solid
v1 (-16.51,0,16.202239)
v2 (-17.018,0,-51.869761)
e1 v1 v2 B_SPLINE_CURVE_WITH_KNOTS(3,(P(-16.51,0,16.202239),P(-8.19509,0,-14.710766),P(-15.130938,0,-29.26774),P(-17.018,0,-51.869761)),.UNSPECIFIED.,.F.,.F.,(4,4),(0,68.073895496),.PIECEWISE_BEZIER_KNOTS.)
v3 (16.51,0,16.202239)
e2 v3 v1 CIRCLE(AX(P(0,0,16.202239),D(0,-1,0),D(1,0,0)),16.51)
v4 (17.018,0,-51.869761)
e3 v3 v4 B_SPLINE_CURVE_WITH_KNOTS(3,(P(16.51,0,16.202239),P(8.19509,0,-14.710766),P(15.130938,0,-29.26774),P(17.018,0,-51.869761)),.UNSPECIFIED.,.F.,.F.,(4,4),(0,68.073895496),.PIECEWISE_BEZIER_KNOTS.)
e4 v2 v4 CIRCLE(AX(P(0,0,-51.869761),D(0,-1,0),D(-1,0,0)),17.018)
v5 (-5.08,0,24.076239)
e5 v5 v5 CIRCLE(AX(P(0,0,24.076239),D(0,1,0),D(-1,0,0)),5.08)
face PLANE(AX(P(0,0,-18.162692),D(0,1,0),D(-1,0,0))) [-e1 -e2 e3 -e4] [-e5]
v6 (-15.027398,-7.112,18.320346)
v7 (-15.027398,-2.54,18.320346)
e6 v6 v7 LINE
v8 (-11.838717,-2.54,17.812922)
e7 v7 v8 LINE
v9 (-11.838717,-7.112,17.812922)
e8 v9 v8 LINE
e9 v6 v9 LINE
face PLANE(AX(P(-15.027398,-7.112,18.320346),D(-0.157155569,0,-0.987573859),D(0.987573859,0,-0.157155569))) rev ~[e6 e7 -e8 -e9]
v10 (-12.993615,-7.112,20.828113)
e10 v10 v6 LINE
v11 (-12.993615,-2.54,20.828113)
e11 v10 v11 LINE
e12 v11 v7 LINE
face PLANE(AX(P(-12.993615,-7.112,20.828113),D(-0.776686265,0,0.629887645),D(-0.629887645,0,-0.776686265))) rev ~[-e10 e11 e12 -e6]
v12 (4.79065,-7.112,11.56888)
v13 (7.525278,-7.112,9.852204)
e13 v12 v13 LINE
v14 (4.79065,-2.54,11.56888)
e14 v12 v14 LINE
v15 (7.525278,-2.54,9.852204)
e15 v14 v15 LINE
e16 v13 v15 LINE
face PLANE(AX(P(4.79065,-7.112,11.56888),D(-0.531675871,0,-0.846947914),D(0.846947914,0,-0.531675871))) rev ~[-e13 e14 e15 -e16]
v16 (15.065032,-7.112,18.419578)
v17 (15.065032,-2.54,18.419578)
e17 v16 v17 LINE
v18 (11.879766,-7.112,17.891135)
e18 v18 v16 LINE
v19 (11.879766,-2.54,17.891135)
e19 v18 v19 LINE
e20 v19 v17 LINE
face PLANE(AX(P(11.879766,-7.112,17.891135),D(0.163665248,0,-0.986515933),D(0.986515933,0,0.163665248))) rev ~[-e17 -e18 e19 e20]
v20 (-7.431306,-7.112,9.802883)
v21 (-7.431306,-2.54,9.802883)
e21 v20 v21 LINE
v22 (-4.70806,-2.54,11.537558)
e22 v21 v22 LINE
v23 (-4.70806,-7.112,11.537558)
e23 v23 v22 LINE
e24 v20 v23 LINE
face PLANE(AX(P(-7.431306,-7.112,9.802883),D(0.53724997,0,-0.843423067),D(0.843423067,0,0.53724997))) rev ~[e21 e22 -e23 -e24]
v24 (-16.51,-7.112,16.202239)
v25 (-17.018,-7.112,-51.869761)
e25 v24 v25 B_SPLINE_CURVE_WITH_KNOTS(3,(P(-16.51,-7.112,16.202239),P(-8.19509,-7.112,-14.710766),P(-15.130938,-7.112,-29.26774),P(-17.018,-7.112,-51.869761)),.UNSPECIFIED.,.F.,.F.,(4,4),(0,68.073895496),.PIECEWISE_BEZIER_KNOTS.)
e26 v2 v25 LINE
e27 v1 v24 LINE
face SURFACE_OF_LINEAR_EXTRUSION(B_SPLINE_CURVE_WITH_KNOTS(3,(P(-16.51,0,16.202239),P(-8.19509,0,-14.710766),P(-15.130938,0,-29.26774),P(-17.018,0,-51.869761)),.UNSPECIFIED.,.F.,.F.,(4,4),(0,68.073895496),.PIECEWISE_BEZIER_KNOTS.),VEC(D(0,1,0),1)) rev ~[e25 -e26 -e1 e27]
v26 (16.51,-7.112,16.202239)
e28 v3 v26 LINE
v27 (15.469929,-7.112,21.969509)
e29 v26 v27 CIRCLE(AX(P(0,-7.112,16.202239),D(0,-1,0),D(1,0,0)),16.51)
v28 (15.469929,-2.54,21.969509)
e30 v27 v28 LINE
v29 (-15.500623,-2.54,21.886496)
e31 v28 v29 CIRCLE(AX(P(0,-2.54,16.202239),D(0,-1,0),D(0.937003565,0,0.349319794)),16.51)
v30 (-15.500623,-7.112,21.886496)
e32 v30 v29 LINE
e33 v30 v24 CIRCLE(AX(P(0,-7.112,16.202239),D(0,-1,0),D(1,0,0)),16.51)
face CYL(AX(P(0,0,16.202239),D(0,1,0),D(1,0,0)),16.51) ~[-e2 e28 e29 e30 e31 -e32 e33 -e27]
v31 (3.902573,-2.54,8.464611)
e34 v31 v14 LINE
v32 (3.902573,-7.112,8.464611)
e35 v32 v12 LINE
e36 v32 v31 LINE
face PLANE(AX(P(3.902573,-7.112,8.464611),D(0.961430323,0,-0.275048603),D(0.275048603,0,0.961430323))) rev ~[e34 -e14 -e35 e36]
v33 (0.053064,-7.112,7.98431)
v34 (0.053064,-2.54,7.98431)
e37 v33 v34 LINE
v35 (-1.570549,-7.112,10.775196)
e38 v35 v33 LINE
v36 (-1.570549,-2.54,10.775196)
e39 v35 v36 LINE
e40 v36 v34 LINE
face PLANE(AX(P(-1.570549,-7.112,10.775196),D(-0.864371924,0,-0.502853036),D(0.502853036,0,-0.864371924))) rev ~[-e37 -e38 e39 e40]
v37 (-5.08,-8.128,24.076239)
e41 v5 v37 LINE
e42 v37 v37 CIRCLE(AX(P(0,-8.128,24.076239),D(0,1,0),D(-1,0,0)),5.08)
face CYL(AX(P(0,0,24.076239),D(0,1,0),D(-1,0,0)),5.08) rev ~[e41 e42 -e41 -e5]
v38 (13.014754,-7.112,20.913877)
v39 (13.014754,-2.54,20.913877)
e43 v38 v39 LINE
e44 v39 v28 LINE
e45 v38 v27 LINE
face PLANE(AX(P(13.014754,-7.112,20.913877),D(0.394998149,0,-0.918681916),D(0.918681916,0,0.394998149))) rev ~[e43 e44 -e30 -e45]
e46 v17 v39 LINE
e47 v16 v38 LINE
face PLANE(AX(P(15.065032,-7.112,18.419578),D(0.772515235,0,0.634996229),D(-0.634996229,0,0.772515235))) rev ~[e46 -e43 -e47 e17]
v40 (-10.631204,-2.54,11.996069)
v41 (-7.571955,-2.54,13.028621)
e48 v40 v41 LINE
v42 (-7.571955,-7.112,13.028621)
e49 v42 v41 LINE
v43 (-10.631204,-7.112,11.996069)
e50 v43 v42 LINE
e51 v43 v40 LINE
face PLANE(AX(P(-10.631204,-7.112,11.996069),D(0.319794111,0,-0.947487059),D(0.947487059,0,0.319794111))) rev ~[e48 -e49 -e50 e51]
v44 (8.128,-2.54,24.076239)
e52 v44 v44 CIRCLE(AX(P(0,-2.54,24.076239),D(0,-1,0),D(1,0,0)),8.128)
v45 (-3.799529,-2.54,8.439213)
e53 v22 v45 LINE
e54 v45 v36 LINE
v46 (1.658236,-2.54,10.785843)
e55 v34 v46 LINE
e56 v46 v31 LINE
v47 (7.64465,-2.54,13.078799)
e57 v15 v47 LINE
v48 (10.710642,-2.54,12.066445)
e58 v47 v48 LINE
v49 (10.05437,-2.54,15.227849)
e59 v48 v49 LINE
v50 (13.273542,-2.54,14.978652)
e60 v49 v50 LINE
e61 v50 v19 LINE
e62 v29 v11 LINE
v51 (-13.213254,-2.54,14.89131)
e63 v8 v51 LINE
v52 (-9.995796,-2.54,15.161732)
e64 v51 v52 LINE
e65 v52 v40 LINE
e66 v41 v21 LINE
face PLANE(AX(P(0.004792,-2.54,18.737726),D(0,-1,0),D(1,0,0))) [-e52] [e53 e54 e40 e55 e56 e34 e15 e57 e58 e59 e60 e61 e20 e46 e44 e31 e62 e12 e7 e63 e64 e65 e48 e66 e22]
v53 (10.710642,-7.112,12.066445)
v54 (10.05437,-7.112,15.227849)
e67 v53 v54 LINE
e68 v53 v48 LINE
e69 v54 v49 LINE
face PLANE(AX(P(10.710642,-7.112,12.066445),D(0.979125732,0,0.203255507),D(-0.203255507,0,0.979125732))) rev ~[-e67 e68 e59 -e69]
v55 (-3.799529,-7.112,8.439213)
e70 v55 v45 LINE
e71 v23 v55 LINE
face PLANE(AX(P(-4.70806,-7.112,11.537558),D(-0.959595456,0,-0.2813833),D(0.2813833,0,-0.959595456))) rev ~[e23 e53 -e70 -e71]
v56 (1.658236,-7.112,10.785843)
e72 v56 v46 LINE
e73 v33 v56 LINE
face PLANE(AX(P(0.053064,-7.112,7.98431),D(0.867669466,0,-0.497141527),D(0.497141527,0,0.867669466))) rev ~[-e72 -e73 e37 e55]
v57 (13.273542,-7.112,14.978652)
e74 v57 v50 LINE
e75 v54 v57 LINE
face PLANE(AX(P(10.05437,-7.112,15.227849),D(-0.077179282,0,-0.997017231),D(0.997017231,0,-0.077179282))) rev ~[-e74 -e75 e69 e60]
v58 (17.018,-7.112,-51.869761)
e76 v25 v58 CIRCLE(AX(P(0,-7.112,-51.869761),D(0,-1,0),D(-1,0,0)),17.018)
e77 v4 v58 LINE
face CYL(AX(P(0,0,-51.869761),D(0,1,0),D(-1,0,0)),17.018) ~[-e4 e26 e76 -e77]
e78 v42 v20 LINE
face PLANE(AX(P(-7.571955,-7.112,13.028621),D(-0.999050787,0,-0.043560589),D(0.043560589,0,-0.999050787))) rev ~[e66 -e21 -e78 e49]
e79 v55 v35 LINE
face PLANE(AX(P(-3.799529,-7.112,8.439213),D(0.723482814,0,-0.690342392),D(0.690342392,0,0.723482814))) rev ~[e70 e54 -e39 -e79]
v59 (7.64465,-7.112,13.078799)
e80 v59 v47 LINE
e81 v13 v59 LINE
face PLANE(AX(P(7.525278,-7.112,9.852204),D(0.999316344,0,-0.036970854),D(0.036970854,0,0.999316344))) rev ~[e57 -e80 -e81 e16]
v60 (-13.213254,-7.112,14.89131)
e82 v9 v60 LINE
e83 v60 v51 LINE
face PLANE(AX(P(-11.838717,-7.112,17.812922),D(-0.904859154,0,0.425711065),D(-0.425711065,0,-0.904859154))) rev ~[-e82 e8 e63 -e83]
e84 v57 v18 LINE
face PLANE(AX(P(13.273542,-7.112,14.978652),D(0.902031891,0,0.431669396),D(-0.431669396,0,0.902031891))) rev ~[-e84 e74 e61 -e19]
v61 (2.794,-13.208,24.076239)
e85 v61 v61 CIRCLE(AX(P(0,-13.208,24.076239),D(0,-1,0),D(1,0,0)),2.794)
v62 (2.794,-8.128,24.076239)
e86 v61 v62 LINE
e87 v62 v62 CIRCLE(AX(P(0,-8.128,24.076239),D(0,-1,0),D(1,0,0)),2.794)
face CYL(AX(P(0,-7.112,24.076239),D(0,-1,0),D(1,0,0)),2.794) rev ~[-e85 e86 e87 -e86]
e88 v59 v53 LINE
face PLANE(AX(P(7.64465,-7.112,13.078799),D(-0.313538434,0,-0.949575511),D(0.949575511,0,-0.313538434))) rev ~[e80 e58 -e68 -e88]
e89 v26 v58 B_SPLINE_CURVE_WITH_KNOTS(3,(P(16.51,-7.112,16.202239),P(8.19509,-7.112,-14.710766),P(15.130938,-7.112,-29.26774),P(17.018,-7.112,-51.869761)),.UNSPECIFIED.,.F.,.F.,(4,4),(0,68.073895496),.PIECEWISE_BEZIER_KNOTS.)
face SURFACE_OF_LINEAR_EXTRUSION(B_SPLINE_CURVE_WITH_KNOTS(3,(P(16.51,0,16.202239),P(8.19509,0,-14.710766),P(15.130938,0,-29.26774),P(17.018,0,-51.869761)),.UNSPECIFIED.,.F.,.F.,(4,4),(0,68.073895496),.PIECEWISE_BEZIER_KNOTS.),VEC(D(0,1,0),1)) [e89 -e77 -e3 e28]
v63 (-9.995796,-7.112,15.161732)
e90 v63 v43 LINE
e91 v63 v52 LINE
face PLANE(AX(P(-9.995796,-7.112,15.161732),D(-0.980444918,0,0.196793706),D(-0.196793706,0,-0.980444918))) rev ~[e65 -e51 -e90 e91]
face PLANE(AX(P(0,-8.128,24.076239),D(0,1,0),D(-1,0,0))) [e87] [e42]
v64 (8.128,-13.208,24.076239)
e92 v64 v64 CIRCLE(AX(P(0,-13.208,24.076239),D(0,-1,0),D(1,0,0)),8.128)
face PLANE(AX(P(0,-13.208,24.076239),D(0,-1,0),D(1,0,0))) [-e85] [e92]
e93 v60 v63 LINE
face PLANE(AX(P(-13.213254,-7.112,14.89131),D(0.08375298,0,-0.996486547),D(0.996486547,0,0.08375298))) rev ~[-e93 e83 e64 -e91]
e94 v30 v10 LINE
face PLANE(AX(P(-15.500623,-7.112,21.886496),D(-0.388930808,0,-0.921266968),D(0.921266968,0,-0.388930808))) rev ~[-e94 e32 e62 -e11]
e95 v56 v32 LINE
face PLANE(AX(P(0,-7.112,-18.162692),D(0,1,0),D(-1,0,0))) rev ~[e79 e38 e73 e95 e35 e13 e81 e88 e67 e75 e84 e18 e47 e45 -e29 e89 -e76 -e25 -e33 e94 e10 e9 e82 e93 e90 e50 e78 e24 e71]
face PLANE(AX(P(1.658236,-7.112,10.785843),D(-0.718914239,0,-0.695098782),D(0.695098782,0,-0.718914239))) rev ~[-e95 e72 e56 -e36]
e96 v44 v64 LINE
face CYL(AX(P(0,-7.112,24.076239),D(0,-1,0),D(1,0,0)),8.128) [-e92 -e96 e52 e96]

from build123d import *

# Parameters (mm, degrees)
F1_DEPTH = 7.112
F2_R     = 8.128
F2_R_2   = 2.794
F3_DEPTH = 6.096
F4_DEPTH = 50.8
F5_R     = 8.128
F6_DEPTH = 4.572
F7_R     = 5.08
F7_R_2   = 2.794
F8_DEPTH = 8.128


with BuildPart() as f1:
    # F0 (on Front) → F1 (new body)
    with BuildSketch(Plane.XZ):
        with BuildLine():
            add(Edge.make_bspline(
                [(16.51, 16.2022389048), (8.1950903917, -14.7107664531), (15.1309384414, -29.2677398155), (17.018, -51.8697610952)],
                knots=[0, 0, 0, 0, 68.073895496, 68.073895496, 68.073895496, 68.073895496], degree=3))
            ThreePointArc((16.51, 16.2022389048), (0, 32.7122389048), (-16.51, 16.2022389048))
            add(Edge.make_bspline(
                [(-16.51, 16.2022389048), (-8.1950903917, -14.7107664531), (-15.1309384414, -29.2677398155), (-17.018, -51.8697610952)],
                knots=[0, 0, 0, 0, 68.073895496, 68.073895496, 68.073895496, 68.073895496], degree=3))
            ThreePointArc((-17.018, -51.8697610952), (0, -68.8877610952), (17.018, -51.8697610952))
        make_face()
    extrude(amount=F1_DEPTH)

    # F2 (on face) → F3 (join)
    with BuildSketch(Plane.XZ.offset(7.112)):
        with Locations((0, 24.0762389048)):
            Circle(F2_R)
        with Locations((0, 24.0762389048)):
            Circle(F2_R_2, mode=Mode.SUBTRACT)
    extrude(amount=F3_DEPTH)

    # F4 (cut, symmetric): a face of the model
    f4_faces = [f1.faces().sort_by_distance(p)[0] for p in [
        (0, -7.112, 24.0762389048),
    ]]
    extrude(f4_faces, amount=F4_DEPTH, both=True, mode=Mode.SUBTRACT)

    # F5 (on face) → F6 (cut)
    with BuildSketch(Plane.XZ.offset(7.112)):
        with BuildLine():
            ThreePointArc((15.469928865, 21.9695087018), (-0.0442530739, 32.7121795972), (-15.5006234178, 21.8864955545))
            Line((-15.5006234178, 21.8864955545), (-12.9936152173, 20.8281131752))
            Line((-12.9936152173, 20.8281131752), (-15.0273981388, 18.3203464733))
            Line((-15.0273981388, 18.3203464733), (-11.8387170074, 17.8129221485))
            Line((-11.8387170074, 17.8129221485), (-13.2132540393, 14.8913104783))
            Line((-13.2132540393, 14.8913104783), (-9.995795597, 15.1617323254))
            Line((-9.995795597, 15.1617323254), (-10.6312036432, 11.9960691377))
            Line((-10.6312036432, 11.9960691377), (-7.5719548797, 13.0286212217))
            Line((-7.5719548797, 13.0286212217), (-7.4313063342, 9.8028833542))
            Line((-7.4313063342, 9.8028833542), (-4.7080596678, 11.5375575014))
            Line((-4.7080596678, 11.5375575014), (-3.7995285128, 8.4392131139))
            Line((-3.7995285128, 8.4392131139), (-1.570549141, 10.7751963679))
            Line((-1.570549141, 10.7751963679), (0.0530640951, 7.9843099742))
            Line((0.0530640951, 7.9843099742), (1.6582359931, 10.7858434794))
            Line((1.6582359931, 10.7858434794), (3.9025728106, 8.4646112522))
            Line((3.9025728106, 8.4646112522), (4.7906504787, 11.5688800644))
            Line((4.7906504787, 11.5688800644), (7.5252781797, 9.8522035834))
            Line((7.5252781797, 9.8522035834), (7.6446497718, 13.0787988828))
            Line((7.6446497718, 13.0787988828), (10.7106417342, 12.0664451452))
            Line((10.7106417342, 12.0664451452), (10.0543698074, 15.2278489412))
            Line((10.0543698074, 15.2278489412), (13.2735417227, 14.9786522665))
            Line((13.2735417227, 14.9786522665), (11.8797664159, 17.8911352617))
            Line((11.8797664159, 17.8911352617), (15.0650317137, 18.4195780548))
            Line((15.0650317137, 18.4195780548), (13.0147541814, 20.913877324))
            Line((13.0147541814, 20.913877324), (15.469928865, 21.9695087018))
        make_face()
        with BuildLine():
            Line((-11.7664292563, 17.8014187834), (-11.8387170074, 17.8129221485))
            Line((-11.8387170074, 17.8129221485), (-11.8075561021, 17.8791554056))
            ThreePointArc((-11.8075561021, 17.8791554056), (-11.7870567643, 17.84025319), (-11.7664292563, 17.8014187834))
        make_face(mode=Mode.SUBTRACT)
        with BuildLine():
            Line((-9.9228554611, 15.1678628183), (-9.995795597, 15.1617323254))
            Line((-9.995795597, 15.1617323254), (-9.9813908269, 15.2334982572))
            ThreePointArc((-9.9813908269, 15.2334982572), (-9.952177253, 15.2006322819), (-9.9228554611, 15.1678628183))
        make_face(mode=Mode.SUBTRACT)
        with BuildLine():
            Line((-12.9261809524, 20.7996444858), (-12.9936152173, 20.8281131752))
            Line((-12.9936152173, 20.8281131752), (-12.9475091354, 20.8849645215))
            ThreePointArc((-12.9475091354, 20.8849645215), (-12.9369153807, 20.842286921), (-12.9261809524, 20.7996444858))
        make_face(mode=Mode.SUBTRACT)
        with BuildLine():
            Line((-7.5026013746, 13.0520292908), (-7.5719548797, 13.0286212217))
            Line((-7.5719548797, 13.0286212217), (-7.5751433977, 13.1017490531))
            ThreePointArc((-7.5751433977, 13.1017490531), (-7.5389133745, 13.0768293692), (-7.5026013746, 13.0520292908))
        make_face(mode=Mode.SUBTRACT)
        with BuildLine():
            Line((-4.646323367, 11.5768827546), (-4.7080596678, 11.5375575014))
            Line((-4.7080596678, 11.5375575014), (-4.7286561687, 11.6077973086))
            ThreePointArc((-4.7286561687, 11.6077973086), (-4.6875152535, 11.5922721575), (-4.646323367, 11.5768827546))
        make_face(mode=Mode.SUBTRACT)
        with BuildLine():
            Line((-1.5200179341, 10.8281533646), (-1.570549141, 10.7751963679))
            Line((-1.570549141, 10.7751963679), (-1.6073566312, 10.8384660687))
            ThreePointArc((-1.6073566312, 10.8384660687), (-1.5636957843, 10.8332377157), (-1.5200179341, 10.8281533646))
        make_face(mode=Mode.SUBTRACT)
        with BuildLine():
            Line((1.6946254161, 10.8493545514), (1.6582359931, 10.7858434794))
            Line((1.6582359931, 10.7858434794), (1.6073566312, 10.8384660687))
            ThreePointArc((1.6073566312, 10.8384660687), (1.651, 10.8438383667), (1.6946254161, 10.8493545514))
        make_face(mode=Mode.SUBTRACT)
        with BuildLine():
            Line((4.8107832969, 11.639254179), (4.7906504787, 11.5688800644))
            Line((4.7906504787, 11.5688800644), (4.7286561687, 11.6077973086))
            ThreePointArc((4.7286561687, 11.6077973086), (4.7697456655, 11.6234580392), (4.8107832969, 11.639254179))
        make_face(mode=Mode.SUBTRACT)
        with BuildLine():
            Line((7.6473559389, 13.1519461522), (7.6446497718, 13.0787988828))
            Line((7.6446497718, 13.0787988828), (7.5751433977, 13.1017490531))
            ThreePointArc((7.5751433977, 13.1017490531), (7.6112910502, 13.1267880715), (7.6473559389, 13.1519461522))
        make_face(mode=Mode.SUBTRACT)
        with Locations((0, 24.0762389048)):
            Circle(F5_R, mode=Mode.SUBTRACT)
        with BuildLine():
            Line((11.8481693767, 17.9571615707), (11.8797664159, 17.8911352617))
            Line((11.8797664159, 17.8911352617), (11.8075561021, 17.8791554056))
            ThreePointArc((11.8075561021, 17.8791554056), (11.8279270467, 17.9181250071), (11.8481693767, 17.9571615707))
        make_face(mode=Mode.SUBTRACT)
        with BuildLine():
            Line((12.9682741648, 20.9704233621), (13.0147541814, 20.913877324))
            Line((13.0147541814, 20.913877324), (12.9475091354, 20.8849645215))
            ThreePointArc((12.9475091354, 20.8849645215), (12.9579621013, 20.9276768234), (12.9682741648, 20.9704233621))
        make_face(mode=Mode.SUBTRACT)
        with BuildLine():
            Line((-12.9475091354, 20.8849645215), (-12.9936152173, 20.8281131752))
            Line((-12.9936152173, 20.8281131752), (-12.9261809524, 20.7996444858))
            ThreePointArc((-12.9261809524, 20.7996444858), (-12.9369153807, 20.842286921), (-12.9475091354, 20.8849645215))
        make_face()
        with BuildLine():
            Line((-11.8075561021, 17.8791554056), (-11.8387170074, 17.8129221485))
            Line((-11.8387170074, 17.8129221485), (-11.7664292563, 17.8014187834))
            ThreePointArc((-11.7664292563, 17.8014187834), (-11.7870567643, 17.84025319), (-11.8075561021, 17.8791554056))
        make_face()
        with BuildLine():
            Line((-9.9813908269, 15.2334982572), (-9.995795597, 15.1617323254))
            Line((-9.995795597, 15.1617323254), (-9.9228554611, 15.1678628183))
            ThreePointArc((-9.9228554611, 15.1678628183), (-9.952177253, 15.2006322819), (-9.9813908269, 15.2334982572))
        make_face()
        with BuildLine():
            Line((-7.5751433977, 13.1017490531), (-7.5719548797, 13.0286212217))
            Line((-7.5719548797, 13.0286212217), (-7.5026013746, 13.0520292908))
            ThreePointArc((-7.5026013746, 13.0520292908), (-7.5389133745, 13.0768293692), (-7.5751433977, 13.1017490531))
        make_face()
        with BuildLine():
            Line((-4.7286561687, 11.6077973086), (-4.7080596678, 11.5375575014))
            Line((-4.7080596678, 11.5375575014), (-4.646323367, 11.5768827546))
            ThreePointArc((-4.646323367, 11.5768827546), (-4.6875152535, 11.5922721575), (-4.7286561687, 11.6077973086))
        make_face()
        with BuildLine():
            Line((-1.6073566312, 10.8384660687), (-1.570549141, 10.7751963679))
            Line((-1.570549141, 10.7751963679), (-1.5200179341, 10.8281533646))
            ThreePointArc((-1.5200179341, 10.8281533646), (-1.5636957843, 10.8332377157), (-1.6073566312, 10.8384660687))
        make_face()
        with BuildLine():
            Line((1.6073566312, 10.8384660687), (1.6582359931, 10.7858434794))
            Line((1.6582359931, 10.7858434794), (1.6946254161, 10.8493545514))
            ThreePointArc((1.6946254161, 10.8493545514), (1.651, 10.8438383667), (1.6073566312, 10.8384660687))
        make_face()
        with BuildLine():
            Line((4.7286561687, 11.6077973086), (4.7906504787, 11.5688800644))
            Line((4.7906504787, 11.5688800644), (4.8107832969, 11.639254179))
            ThreePointArc((4.8107832969, 11.639254179), (4.7697456655, 11.6234580392), (4.7286561687, 11.6077973086))
        make_face()
        with BuildLine():
            Line((7.5751433977, 13.1017490531), (7.6446497718, 13.0787988828))
            Line((7.6446497718, 13.0787988828), (7.6473559389, 13.1519461522))
            ThreePointArc((7.6473559389, 13.1519461522), (7.6112910502, 13.1267880715), (7.5751433977, 13.1017490531))
        make_face()
        with BuildLine():
            Line((11.8075561021, 17.8791554056), (11.8797664159, 17.8911352617))
            Line((11.8797664159, 17.8911352617), (11.8481693767, 17.9571615707))
            ThreePointArc((11.8481693767, 17.9571615707), (11.8279270467, 17.9181250071), (11.8075561021, 17.8791554056))
        make_face()
        with BuildLine():
            Line((12.9475091354, 20.8849645215), (13.0147541814, 20.913877324))
            Line((13.0147541814, 20.913877324), (12.9682741648, 20.9704233621))
            ThreePointArc((12.9682741648, 20.9704233621), (12.9579621013, 20.9276768234), (12.9475091354, 20.8849645215))
        make_face()
    extrude(amount=-F6_DEPTH, mode=Mode.SUBTRACT)

    # F7 (on face) → F8 (cut)
    with BuildSketch(Plane(origin=(0, 0, 0), x_dir=(-1, 0, 0), z_dir=(0, 1, 0))):
        with Locations((0, 24.0762389048)):
            Circle(F7_R)
        with Locations((0, 24.0762389048)):
            Circle(F7_R_2, mode=Mode.SUBTRACT)
    extrude(amount=-F8_DEPTH, mode=Mode.SUBTRACT)


solid = f1.part
